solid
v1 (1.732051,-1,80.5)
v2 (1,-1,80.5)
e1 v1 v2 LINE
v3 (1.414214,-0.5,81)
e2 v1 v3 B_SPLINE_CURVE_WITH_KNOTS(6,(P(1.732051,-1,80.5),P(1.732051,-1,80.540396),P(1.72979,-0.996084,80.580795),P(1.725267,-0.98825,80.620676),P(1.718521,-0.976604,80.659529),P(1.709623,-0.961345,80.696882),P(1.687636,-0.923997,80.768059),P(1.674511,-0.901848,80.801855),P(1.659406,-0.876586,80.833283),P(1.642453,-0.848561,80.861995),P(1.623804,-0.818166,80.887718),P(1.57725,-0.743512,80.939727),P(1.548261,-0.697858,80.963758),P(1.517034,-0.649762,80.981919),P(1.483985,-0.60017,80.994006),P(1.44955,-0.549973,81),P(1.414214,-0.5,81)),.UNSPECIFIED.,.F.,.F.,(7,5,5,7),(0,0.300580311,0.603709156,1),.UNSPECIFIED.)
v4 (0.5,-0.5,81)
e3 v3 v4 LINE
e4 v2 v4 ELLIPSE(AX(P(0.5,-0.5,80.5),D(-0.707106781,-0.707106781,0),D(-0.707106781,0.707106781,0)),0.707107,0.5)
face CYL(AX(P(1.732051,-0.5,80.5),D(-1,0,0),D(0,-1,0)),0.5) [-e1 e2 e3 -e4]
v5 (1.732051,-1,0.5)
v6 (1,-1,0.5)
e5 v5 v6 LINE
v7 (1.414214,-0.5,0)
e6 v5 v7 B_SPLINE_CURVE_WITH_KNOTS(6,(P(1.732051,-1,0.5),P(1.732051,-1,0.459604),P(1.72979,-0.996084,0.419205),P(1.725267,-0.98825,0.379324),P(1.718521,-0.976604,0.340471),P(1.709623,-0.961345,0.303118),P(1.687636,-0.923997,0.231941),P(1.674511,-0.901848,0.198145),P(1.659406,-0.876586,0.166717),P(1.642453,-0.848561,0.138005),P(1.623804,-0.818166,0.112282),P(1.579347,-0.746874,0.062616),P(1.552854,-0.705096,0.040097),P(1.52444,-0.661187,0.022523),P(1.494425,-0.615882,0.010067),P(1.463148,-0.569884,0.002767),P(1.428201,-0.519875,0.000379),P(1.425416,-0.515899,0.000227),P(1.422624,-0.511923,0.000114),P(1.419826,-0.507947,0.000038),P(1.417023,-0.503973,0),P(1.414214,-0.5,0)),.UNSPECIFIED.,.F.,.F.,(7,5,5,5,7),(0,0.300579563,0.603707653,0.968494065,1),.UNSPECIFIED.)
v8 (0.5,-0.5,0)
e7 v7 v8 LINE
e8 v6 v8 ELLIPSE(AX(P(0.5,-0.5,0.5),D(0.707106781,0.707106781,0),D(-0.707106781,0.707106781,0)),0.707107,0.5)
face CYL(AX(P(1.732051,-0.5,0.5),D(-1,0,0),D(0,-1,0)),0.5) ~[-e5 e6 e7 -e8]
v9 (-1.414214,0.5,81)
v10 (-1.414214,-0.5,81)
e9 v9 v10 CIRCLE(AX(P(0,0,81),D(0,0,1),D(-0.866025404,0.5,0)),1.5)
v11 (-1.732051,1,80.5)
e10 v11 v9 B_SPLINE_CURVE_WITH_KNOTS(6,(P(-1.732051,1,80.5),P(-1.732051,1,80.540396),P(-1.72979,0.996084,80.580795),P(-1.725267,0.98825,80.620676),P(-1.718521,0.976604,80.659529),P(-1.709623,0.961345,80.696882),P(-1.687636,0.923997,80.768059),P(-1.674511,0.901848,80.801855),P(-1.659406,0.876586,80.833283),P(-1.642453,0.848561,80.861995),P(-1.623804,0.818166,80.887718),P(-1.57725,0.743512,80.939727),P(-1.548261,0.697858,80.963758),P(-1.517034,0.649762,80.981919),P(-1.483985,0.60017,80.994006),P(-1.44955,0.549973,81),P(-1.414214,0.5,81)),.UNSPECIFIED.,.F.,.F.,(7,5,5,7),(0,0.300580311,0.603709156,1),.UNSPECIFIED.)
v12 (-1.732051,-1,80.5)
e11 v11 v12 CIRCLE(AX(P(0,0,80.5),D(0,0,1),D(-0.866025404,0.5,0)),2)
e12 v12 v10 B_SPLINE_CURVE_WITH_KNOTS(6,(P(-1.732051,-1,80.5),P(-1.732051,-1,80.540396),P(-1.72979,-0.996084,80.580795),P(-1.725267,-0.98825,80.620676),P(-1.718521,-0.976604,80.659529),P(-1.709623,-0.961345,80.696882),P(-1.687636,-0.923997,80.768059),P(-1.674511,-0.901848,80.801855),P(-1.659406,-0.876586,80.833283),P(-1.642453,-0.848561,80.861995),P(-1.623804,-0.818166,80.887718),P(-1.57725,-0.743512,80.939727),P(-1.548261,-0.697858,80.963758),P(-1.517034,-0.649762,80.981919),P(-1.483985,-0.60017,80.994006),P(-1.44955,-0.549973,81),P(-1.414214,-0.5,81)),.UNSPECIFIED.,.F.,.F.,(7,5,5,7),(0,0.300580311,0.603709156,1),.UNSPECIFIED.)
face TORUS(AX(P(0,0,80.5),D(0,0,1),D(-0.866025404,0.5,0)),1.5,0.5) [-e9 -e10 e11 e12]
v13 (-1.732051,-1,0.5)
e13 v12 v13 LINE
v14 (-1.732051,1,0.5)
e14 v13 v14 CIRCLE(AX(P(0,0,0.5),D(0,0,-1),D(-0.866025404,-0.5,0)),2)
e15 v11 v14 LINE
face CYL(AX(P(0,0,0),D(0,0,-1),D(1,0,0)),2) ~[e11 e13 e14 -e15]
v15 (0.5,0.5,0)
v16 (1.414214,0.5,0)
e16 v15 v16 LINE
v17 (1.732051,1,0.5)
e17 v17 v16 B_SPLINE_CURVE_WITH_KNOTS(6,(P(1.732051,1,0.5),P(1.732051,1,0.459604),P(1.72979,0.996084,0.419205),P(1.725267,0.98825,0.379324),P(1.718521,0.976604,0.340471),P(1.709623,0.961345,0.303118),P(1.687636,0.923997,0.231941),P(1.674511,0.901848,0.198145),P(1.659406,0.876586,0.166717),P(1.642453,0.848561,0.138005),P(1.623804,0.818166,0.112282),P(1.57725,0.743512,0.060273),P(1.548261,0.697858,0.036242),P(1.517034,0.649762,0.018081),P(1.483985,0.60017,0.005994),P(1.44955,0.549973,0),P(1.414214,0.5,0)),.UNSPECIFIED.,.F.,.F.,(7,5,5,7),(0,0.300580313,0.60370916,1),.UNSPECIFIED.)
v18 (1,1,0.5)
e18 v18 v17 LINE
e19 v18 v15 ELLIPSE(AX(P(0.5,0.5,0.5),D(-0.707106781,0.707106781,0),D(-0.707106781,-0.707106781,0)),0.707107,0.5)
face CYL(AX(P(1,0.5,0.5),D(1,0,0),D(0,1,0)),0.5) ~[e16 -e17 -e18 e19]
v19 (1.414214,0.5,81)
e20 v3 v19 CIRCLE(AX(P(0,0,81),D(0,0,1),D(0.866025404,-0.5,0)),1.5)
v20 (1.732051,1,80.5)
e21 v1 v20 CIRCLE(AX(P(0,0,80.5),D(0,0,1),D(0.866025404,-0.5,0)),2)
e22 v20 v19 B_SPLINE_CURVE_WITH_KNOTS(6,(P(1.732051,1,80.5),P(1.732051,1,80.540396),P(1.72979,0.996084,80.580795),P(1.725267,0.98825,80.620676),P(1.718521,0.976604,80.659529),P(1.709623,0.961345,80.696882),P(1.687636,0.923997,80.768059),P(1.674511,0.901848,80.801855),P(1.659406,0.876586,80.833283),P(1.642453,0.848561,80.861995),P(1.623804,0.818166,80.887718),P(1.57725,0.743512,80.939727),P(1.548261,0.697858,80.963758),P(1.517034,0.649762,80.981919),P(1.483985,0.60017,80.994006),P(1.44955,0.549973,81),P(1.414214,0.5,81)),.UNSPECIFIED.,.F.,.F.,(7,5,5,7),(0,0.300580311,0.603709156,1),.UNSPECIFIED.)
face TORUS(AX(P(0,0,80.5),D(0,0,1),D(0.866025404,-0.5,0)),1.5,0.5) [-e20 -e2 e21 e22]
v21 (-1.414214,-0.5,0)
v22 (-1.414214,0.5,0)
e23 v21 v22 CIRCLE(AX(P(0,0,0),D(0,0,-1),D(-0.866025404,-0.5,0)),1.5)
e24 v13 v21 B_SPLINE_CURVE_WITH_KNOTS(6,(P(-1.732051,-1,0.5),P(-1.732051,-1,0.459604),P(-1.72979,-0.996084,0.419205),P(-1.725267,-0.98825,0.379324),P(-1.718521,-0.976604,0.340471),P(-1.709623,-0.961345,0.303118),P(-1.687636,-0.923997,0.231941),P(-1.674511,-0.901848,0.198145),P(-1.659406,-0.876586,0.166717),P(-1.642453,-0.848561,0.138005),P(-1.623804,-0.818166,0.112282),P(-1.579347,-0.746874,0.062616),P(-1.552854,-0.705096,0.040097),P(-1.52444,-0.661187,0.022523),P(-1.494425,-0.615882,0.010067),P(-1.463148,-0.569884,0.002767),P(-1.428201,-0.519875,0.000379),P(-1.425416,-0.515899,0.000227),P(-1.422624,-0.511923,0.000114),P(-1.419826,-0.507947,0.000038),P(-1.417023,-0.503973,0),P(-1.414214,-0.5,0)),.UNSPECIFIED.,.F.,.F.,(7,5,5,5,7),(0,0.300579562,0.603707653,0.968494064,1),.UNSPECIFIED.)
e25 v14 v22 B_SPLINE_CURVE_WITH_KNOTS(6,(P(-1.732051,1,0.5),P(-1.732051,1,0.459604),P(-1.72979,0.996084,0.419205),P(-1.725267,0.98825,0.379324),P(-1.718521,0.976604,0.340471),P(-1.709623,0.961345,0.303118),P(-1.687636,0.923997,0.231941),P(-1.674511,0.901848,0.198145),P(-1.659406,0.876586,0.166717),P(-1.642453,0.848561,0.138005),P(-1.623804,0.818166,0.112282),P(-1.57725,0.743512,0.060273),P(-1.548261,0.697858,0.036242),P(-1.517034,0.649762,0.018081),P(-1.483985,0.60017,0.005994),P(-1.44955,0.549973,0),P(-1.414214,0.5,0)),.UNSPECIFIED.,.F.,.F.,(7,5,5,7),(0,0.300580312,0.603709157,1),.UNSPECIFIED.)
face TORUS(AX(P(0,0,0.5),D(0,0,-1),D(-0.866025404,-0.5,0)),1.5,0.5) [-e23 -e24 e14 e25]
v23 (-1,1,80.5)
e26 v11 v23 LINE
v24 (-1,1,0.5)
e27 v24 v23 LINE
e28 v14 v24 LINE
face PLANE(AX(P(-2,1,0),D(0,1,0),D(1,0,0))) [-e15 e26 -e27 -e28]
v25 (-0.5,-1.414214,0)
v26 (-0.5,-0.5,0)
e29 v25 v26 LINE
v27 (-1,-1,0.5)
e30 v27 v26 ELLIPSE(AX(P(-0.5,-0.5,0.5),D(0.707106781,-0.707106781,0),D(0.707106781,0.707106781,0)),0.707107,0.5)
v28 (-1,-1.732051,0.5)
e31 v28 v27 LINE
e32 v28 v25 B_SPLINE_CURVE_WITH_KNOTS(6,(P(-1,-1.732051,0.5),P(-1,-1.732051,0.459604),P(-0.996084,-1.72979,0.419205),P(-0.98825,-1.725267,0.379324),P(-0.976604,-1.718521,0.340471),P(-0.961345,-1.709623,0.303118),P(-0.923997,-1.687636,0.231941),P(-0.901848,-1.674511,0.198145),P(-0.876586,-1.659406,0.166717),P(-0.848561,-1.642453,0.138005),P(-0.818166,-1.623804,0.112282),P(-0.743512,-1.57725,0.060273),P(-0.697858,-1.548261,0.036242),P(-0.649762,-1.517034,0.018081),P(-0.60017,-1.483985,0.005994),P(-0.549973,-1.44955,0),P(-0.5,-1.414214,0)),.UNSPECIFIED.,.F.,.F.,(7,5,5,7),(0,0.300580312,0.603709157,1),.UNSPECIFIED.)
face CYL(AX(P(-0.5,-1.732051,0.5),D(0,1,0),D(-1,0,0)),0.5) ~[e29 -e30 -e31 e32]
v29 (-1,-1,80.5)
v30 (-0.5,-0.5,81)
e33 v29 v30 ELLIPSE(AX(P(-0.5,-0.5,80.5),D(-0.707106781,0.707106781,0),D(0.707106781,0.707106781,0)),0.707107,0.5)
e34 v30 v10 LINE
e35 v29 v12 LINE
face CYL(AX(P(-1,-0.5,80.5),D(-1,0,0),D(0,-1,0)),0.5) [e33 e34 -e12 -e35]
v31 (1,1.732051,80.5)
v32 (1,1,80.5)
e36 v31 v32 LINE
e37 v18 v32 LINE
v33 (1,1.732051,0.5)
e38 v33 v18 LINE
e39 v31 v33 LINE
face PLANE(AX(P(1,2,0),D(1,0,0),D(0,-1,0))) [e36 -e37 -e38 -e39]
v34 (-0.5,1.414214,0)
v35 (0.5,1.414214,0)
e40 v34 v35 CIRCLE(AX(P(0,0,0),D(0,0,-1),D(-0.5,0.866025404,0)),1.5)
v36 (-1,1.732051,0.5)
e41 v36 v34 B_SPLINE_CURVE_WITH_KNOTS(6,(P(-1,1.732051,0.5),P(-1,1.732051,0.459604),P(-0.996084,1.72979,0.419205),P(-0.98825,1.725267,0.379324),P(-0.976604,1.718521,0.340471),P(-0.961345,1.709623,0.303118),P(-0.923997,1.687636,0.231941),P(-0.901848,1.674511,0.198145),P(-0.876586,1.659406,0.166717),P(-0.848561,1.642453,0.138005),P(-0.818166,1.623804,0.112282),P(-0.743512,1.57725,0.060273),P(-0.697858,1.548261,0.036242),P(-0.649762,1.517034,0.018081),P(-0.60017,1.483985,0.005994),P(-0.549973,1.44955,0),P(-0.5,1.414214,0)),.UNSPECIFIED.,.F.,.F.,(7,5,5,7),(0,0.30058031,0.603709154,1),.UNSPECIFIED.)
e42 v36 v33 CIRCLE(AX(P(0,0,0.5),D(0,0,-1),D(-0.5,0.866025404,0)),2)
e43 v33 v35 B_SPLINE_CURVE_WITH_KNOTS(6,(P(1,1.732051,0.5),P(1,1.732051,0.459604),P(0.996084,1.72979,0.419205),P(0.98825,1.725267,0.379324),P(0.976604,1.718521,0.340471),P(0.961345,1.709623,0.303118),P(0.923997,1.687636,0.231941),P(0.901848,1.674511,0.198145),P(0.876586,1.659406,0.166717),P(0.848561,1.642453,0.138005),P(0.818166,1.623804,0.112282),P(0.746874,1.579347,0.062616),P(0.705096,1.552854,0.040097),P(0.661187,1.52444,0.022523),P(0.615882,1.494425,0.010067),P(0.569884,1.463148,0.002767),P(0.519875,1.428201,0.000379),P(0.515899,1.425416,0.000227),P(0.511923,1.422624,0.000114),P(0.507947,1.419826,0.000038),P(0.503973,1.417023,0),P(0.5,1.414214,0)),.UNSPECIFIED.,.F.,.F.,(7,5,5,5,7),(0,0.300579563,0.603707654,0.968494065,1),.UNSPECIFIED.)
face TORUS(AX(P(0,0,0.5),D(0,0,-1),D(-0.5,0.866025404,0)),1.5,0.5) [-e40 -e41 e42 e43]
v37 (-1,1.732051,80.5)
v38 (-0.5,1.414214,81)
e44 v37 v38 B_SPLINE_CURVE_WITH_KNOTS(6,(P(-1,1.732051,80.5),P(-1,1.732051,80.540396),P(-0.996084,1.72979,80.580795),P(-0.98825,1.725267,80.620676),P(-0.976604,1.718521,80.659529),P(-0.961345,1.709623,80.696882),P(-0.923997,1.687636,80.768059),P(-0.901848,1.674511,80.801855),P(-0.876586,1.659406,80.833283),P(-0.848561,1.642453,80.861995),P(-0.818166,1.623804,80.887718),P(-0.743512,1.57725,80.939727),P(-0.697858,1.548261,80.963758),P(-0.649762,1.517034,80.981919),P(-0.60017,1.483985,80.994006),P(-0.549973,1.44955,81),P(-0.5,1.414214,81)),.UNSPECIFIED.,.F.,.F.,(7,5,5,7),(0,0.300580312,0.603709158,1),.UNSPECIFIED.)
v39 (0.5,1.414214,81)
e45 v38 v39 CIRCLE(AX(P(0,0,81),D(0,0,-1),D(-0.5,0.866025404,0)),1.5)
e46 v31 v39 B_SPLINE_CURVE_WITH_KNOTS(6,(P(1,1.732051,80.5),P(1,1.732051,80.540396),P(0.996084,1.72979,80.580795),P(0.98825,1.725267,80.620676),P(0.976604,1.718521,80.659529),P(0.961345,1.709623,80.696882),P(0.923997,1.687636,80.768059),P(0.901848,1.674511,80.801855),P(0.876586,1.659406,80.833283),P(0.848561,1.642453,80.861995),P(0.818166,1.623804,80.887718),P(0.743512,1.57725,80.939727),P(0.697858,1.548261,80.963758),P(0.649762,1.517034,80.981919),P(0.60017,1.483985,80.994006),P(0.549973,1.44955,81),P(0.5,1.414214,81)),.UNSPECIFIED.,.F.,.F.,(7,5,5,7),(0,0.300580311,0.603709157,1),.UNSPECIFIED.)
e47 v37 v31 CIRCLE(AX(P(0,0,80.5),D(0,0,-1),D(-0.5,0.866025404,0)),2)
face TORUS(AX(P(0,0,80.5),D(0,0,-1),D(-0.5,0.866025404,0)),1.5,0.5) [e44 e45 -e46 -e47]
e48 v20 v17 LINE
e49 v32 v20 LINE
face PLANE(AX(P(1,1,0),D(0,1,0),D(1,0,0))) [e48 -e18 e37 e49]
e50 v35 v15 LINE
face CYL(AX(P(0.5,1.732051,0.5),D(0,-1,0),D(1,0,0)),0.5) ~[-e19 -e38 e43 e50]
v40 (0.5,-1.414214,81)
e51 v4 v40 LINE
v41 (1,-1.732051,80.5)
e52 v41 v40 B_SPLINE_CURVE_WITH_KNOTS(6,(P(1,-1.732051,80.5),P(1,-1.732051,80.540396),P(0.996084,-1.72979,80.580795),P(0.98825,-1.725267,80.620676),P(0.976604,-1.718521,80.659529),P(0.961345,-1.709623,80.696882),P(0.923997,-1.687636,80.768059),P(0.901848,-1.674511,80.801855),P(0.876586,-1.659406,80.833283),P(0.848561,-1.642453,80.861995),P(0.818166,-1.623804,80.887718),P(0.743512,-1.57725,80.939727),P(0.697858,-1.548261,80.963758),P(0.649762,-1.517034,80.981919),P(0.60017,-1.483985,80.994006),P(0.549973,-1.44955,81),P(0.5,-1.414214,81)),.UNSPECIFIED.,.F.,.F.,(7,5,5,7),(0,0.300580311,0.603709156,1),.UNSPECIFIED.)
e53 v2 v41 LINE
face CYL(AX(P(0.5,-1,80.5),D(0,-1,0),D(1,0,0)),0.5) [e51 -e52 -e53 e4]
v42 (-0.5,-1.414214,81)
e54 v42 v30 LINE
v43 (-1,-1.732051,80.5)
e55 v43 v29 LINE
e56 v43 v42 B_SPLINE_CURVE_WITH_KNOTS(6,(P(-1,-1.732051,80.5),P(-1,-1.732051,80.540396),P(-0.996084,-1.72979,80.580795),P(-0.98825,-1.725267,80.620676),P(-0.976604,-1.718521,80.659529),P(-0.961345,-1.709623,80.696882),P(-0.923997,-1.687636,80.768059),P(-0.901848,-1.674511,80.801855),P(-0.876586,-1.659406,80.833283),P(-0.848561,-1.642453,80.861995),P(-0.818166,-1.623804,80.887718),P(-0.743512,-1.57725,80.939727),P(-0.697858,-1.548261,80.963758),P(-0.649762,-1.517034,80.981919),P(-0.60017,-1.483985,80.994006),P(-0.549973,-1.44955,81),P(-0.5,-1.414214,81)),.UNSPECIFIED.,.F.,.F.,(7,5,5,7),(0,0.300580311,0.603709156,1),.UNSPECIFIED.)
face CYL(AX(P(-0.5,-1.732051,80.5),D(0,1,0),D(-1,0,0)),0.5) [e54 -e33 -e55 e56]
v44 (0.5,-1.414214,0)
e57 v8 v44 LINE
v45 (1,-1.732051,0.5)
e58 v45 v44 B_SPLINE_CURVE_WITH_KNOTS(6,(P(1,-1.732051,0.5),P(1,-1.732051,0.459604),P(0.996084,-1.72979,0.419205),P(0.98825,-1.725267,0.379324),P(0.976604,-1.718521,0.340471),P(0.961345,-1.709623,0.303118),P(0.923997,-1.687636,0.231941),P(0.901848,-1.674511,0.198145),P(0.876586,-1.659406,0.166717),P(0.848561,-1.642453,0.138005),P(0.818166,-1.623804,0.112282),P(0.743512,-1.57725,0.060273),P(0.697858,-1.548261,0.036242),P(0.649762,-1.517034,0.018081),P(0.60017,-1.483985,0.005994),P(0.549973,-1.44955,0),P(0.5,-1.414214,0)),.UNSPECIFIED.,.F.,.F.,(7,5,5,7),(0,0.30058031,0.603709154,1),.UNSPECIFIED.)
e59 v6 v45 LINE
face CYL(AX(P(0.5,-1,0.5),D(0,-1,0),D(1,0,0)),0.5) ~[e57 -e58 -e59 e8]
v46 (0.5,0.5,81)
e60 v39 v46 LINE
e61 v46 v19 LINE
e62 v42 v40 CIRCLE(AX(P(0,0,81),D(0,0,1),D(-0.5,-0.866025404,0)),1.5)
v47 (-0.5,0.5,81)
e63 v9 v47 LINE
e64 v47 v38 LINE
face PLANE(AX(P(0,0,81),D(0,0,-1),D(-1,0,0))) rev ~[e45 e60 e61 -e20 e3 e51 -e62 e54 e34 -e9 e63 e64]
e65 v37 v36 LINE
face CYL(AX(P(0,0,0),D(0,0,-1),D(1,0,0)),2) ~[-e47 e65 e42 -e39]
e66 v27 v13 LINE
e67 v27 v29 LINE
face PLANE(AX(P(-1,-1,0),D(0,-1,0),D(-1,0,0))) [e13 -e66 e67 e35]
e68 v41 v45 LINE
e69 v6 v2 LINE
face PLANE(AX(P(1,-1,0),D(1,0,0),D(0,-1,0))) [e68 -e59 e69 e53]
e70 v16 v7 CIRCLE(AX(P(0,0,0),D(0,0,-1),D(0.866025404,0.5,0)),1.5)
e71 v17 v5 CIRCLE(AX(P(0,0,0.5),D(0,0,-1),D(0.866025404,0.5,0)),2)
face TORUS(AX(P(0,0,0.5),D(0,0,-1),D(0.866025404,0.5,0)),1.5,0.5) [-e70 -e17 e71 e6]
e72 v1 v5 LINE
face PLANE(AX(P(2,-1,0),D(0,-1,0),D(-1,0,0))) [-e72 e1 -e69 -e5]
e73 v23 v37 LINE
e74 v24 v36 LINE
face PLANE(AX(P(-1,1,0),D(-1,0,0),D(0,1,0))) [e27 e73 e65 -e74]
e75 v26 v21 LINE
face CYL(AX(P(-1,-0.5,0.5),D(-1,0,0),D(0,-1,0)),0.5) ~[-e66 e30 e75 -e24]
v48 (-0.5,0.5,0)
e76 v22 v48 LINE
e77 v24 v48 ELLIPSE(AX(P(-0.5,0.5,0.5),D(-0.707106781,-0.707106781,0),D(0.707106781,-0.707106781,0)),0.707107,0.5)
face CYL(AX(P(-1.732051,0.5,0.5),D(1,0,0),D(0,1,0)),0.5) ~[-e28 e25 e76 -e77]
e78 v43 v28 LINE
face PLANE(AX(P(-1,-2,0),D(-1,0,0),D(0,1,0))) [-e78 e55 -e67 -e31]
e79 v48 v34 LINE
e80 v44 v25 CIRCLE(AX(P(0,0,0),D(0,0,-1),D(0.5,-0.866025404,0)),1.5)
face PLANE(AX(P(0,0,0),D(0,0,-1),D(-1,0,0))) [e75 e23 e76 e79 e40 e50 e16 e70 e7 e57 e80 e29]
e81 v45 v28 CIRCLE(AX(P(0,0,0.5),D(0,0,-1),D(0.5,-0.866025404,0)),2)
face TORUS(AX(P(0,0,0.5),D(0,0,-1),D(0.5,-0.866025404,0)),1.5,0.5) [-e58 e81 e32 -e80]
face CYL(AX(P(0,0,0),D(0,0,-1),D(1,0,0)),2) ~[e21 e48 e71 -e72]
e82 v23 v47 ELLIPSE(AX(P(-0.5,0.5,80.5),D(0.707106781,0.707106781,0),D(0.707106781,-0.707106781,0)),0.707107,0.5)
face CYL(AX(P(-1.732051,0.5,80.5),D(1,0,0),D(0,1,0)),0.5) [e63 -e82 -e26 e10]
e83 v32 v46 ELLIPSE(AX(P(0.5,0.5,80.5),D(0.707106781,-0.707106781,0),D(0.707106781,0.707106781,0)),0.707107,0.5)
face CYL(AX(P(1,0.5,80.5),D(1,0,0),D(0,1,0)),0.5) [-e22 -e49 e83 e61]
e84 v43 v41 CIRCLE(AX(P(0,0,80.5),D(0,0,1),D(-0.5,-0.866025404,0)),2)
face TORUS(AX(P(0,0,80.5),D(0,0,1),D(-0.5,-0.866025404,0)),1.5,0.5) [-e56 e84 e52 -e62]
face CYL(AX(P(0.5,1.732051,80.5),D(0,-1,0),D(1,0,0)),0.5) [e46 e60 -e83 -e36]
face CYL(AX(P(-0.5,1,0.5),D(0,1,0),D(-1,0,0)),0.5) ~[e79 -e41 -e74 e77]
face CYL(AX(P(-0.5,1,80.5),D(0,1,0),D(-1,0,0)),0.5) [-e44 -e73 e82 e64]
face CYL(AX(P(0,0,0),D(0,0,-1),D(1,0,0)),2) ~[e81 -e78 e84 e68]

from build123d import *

# Parameters (mm, degrees)
BOSS_EXTRUDE1_DEPTH = 81
SKETCH2_OUTSIDE_W   = 22.24
SKETCH2_OUTSIDE_H   = 22.24
SKETCH2_OUTSIDE_R   = 2
CUT_EXTRUDE3_DEPTH  = 82
FILLET1_R           = 0.5


with BuildPart() as part:
    # Sketch1 → Boss-Extrude1 (new body)
    with BuildSketch(Plane.XY):
        Polygon((-1, 1), (-1, 2), (1, 2), (1, 1), (2, 1), (2, -1), (1, -1), (1, -2), (-1, -2), (-1, -1), (-2, -1), (-2, 1), align=None)
    extrude(amount=BOSS_EXTRUDE1_DEPTH)

    # Sketch2 outside → Cut-Extrude3 (cut, through all)
    with BuildSketch(Plane.XY):
        Rectangle(SKETCH2_OUTSIDE_W, SKETCH2_OUTSIDE_H)
        Circle(SKETCH2_OUTSIDE_R, mode=Mode.SUBTRACT)
    extrude(amount=CUT_EXTRUDE3_DEPTH, mode=Mode.SUBTRACT)

    # Fillet1
    fillet1_edges = [part.edges().sort_by_distance(p)[0] for p in [
        (1.366025404, -1, 0),
        (-1, -1.366025404, 0),
        (-1.366025404, 1, 0),
        (1, 1.366025404, 0),
        (-1.366025404, 1, 81),
        (-1, -1.366025404, 81),
        (1.366025404, 1, 0),
        (1, -1.366025404, 0),
        (-1.366025404, -1, 0),
        (-1, 1.366025404, 0),
        (-2, 0, 0),
        (0, 2, 0),
        (2, 0, 0),
        (0, -2, 0),
        (1.366025404, -1, 81),
        (-1, 1.366025404, 81),
        (-1.366025404, -1, 81),
        (1, -1.366025404, 81),
        (1.366025404, 1, 81),
        (1, 1.366025404, 81),
        (0, 2, 81),
        (-2, 0, 81),
        (0, -2, 81),
        (2, 0, 81),
    ]]
    fillet(fillet1_edges, radius=FILLET1_R)


solid = part.part
